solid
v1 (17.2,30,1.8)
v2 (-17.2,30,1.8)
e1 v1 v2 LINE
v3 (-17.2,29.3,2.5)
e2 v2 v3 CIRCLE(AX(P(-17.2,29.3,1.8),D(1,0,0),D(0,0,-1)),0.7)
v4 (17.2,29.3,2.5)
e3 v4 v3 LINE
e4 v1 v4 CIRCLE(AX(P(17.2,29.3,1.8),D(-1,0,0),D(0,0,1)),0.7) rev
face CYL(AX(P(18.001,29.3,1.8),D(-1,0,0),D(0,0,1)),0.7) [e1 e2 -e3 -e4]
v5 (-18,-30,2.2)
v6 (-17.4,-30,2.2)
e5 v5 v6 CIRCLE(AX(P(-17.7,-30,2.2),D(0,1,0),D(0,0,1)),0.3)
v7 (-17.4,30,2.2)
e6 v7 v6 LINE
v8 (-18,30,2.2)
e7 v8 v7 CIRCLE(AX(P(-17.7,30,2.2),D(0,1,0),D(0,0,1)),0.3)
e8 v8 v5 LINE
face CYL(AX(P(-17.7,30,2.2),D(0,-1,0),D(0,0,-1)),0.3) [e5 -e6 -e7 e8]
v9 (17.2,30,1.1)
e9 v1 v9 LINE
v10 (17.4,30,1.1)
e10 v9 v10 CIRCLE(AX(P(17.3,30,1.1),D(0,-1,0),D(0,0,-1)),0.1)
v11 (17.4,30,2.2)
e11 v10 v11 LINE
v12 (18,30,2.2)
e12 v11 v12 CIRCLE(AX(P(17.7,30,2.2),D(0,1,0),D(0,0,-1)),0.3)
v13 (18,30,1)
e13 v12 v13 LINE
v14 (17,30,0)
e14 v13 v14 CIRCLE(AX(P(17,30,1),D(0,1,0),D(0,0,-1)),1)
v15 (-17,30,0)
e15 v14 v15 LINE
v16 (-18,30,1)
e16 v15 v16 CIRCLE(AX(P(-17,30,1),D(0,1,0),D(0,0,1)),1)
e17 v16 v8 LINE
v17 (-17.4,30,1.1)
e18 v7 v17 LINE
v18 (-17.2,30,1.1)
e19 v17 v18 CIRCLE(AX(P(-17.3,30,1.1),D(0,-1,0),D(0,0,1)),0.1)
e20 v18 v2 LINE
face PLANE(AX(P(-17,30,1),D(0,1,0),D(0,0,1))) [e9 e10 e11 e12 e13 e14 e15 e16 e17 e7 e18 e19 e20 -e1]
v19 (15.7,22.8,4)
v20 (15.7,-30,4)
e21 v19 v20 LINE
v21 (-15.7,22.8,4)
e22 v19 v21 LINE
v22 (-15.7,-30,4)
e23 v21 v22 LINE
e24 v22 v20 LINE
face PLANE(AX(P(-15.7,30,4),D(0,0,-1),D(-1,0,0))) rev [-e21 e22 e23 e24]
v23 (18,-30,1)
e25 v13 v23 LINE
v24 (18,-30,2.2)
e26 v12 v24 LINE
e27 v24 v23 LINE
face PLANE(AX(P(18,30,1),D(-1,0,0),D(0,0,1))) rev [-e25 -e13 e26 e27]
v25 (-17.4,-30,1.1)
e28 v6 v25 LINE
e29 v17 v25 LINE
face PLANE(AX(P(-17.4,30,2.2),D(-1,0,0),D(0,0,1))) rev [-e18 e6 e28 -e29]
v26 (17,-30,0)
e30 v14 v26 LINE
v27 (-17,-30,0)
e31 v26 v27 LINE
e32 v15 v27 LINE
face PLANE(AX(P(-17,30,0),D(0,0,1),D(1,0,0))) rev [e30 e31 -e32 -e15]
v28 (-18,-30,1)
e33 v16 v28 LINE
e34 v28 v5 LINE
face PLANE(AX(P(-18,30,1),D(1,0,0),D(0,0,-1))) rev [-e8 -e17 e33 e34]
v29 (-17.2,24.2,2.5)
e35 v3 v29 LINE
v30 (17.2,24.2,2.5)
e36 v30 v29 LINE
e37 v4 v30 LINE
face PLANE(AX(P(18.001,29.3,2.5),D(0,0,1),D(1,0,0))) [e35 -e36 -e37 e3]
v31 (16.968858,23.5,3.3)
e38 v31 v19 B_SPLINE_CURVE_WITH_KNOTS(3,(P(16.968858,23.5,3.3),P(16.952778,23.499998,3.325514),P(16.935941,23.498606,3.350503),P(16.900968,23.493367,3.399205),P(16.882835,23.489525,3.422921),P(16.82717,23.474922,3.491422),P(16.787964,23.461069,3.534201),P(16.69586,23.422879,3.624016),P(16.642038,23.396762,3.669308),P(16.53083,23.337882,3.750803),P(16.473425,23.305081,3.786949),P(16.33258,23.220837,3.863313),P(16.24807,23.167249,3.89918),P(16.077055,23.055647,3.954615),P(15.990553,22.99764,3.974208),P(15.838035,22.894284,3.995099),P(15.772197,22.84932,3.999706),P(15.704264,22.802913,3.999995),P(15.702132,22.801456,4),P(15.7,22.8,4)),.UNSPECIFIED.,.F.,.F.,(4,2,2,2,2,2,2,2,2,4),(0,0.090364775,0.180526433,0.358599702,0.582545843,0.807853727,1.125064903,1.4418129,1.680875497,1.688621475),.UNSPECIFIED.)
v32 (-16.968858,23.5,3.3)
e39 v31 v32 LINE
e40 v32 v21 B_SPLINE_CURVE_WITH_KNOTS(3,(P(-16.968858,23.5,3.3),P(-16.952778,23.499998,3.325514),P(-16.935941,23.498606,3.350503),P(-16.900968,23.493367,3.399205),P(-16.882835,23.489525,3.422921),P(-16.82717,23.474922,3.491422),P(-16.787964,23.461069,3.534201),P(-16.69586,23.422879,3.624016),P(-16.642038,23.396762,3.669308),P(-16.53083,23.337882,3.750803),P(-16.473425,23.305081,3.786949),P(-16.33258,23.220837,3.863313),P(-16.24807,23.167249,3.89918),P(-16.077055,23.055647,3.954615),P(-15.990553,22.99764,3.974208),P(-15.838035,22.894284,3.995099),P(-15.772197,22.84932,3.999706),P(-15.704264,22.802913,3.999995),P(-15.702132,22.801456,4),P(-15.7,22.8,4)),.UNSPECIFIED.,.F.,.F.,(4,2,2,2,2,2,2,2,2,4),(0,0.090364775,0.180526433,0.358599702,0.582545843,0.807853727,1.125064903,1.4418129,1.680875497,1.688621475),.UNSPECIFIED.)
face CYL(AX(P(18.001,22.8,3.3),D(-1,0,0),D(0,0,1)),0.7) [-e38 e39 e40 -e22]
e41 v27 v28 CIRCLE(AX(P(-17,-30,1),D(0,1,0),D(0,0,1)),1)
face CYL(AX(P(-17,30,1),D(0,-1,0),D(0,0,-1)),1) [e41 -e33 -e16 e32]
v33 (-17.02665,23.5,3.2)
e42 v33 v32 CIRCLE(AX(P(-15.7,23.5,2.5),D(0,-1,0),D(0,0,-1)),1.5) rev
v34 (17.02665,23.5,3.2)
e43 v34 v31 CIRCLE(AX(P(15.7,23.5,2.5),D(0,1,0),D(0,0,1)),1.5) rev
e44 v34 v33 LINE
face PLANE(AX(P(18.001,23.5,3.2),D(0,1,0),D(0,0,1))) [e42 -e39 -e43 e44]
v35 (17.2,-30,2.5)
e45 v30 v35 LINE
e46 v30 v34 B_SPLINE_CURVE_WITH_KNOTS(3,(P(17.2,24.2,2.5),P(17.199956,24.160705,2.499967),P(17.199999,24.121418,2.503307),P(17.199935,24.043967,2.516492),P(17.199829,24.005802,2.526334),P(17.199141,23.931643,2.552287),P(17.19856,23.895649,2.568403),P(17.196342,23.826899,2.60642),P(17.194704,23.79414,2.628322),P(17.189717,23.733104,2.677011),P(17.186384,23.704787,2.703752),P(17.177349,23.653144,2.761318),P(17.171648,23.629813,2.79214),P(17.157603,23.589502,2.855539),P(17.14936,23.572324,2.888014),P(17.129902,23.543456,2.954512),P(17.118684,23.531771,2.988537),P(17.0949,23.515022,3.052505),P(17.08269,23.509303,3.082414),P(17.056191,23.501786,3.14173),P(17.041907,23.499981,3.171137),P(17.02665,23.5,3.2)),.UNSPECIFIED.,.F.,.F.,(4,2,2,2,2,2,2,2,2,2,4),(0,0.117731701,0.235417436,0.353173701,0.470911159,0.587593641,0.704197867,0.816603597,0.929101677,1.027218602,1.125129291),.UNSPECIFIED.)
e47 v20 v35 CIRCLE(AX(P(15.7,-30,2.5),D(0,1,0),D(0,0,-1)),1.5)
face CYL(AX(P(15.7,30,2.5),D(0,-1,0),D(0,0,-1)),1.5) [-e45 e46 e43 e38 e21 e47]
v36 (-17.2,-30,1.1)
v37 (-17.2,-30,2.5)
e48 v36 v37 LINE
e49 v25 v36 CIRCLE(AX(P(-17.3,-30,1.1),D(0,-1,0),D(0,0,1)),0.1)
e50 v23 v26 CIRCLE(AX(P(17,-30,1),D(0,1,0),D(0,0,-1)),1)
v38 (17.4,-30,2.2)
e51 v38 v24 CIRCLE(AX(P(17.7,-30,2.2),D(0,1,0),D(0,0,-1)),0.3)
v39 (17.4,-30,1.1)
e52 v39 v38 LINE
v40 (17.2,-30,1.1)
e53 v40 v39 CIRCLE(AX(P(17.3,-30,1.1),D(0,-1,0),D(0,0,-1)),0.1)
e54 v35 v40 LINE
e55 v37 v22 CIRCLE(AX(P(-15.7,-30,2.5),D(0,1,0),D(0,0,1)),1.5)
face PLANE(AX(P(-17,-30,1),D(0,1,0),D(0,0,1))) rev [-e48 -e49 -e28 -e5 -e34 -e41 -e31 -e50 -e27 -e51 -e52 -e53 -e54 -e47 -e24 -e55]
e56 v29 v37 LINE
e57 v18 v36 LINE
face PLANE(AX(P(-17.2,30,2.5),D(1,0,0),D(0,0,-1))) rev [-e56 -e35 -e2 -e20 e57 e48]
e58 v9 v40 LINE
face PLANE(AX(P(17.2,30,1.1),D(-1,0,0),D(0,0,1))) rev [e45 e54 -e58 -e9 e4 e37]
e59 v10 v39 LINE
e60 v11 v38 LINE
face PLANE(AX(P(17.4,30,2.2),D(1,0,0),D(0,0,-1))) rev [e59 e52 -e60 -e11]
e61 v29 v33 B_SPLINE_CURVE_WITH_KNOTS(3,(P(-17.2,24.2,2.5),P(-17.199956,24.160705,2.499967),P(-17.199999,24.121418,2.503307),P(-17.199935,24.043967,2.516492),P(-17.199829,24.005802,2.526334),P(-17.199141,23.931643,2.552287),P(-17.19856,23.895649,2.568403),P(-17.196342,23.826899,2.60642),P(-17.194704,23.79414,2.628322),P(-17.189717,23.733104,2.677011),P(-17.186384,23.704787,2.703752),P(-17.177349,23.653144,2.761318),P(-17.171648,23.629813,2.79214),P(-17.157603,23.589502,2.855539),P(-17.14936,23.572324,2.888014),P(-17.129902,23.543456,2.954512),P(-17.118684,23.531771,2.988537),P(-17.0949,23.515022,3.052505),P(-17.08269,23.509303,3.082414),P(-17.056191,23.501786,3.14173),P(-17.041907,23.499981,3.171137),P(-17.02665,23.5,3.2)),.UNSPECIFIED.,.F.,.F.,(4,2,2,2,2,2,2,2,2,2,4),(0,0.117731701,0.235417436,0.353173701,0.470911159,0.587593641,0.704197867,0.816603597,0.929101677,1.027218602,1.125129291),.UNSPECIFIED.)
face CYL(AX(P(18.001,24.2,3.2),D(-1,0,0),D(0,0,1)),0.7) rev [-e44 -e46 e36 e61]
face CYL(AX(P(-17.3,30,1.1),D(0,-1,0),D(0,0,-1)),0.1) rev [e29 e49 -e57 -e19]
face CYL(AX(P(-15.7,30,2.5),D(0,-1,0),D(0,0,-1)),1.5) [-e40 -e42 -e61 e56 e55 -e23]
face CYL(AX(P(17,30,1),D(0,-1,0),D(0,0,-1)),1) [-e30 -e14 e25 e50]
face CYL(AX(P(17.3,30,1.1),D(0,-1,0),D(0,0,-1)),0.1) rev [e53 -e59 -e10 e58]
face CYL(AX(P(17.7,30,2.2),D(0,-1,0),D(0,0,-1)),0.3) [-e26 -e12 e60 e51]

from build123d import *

# Parameters (mm, degrees)
EXTRUDE_1_DEPTH                 = 30
CUT_EXTRUDE_1_REACH             = 37.214
CUT_EXTRUDE_1_DIRECTION_2_REACH = 37.214


with BuildPart() as part:
    # Эскиз1 → Бобышка-Вытянуть1 (new, symmetric)
    with BuildSketch(Plane(origin=(0, 0, 0), x_dir=(1, 0, 0), z_dir=(0, 1, 0))):
        with BuildLine():
            Line((-17, 0), (17, 0))
            ThreePointArc((17, 0), (17.707106781, -0.292893219), (18, -1))
            Line((18, -1), (18, -2.2))
            ThreePointArc((18, -2.2), (17.7, -2.5), (17.4, -2.2))
            Line((17.4, -2.2), (17.4, -1.1))
            ThreePointArc((17.4, -1.1), (17.3, -1), (17.2, -1.1))
            Line((17.2, -1.1), (17.2, -2.5))
            ThreePointArc((17.2, -2.5), (16.760660172, -3.560660172), (15.7, -4))
            Line((15.7, -4), (-15.7, -4))
            ThreePointArc((-15.7, -4), (-16.760660172, -3.560660172), (-17.2, -2.5))
            Line((-17.2, -2.5), (-17.2, -1.1))
            ThreePointArc((-17.2, -1.1), (-17.3, -1), (-17.4, -1.1))
            Line((-17.4, -1.1), (-17.4, -2.2))
            ThreePointArc((-17.4, -2.2), (-17.7, -2.5), (-18, -2.2))
            Line((-18, -2.2), (-18, -1))
            ThreePointArc((-18, -1), (-17.707106781, -0.292893219), (-17, 0))
        make_face()
    extrude(amount=EXTRUDE_1_DEPTH, both=True)

    # Эскиз2 → Вырез-Вытянуть1 (cut, up to next)
    with BuildSketch(Plane(origin=(0, 0, 0), x_dir=(0, 0, -1), z_dir=(1, 0, 0)), mode=Mode.PRIVATE) as cut_extrude_1_sk1:
        with BuildLine():
            Line((-2.5, 29.3), (-2.5, 24.2))
            ThreePointArc((-2.5, 24.2), (-2.705025253, 23.705025253), (-3.2, 23.5))
            Line((-3.2, 23.5), (-3.3, 23.5))
            ThreePointArc((-3.3, 23.5), (-3.794974747, 23.294974747), (-4, 22.8))
            Line((-4, 22.8), (-4, 30))
            Line((-4, 30), (-1.8, 30))
            ThreePointArc((-1.8, 30), (-2.294974747, 29.794974747), (-2.5, 29.3))
        make_face()
    cut_extrude_1_tool1 = extrude(cut_extrude_1_sk1.sketch, amount=-CUT_EXTRUDE_1_REACH, mode=Mode.PRIVATE) & part.part
    add(cut_extrude_1_tool1.solids().sort_by_distance((0, 26.779673, 3.252998))[0], mode=Mode.SUBTRACT)

    # Эскиз2 → Вырез-Вытянуть1 direction 2 (cut, up to next)
    with BuildSketch(Plane(origin=(0, 0, 0), x_dir=(0, 0, -1), z_dir=(1, 0, 0)), mode=Mode.PRIVATE) as cut_extrude_1_direction_2_sk1:
        with BuildLine():
            Line((-2.5, 29.3), (-2.5, 24.2))
            ThreePointArc((-2.5, 24.2), (-2.705025253, 23.705025253), (-3.2, 23.5))
            Line((-3.2, 23.5), (-3.3, 23.5))
            ThreePointArc((-3.3, 23.5), (-3.794974747, 23.294974747), (-4, 22.8))
            Line((-4, 22.8), (-4, 30))
            Line((-4, 30), (-1.8, 30))
            ThreePointArc((-1.8, 30), (-2.294974747, 29.794974747), (-2.5, 29.3))
        make_face()
    cut_extrude_1_direction_2_tool1 = extrude(cut_extrude_1_direction_2_sk1.sketch, amount=CUT_EXTRUDE_1_DIRECTION_2_REACH, mode=Mode.PRIVATE) & part.part
    add(cut_extrude_1_direction_2_tool1.solids().sort_by_distance((0, 26.779673, 3.252998))[0], mode=Mode.SUBTRACT)


solid = part.part
